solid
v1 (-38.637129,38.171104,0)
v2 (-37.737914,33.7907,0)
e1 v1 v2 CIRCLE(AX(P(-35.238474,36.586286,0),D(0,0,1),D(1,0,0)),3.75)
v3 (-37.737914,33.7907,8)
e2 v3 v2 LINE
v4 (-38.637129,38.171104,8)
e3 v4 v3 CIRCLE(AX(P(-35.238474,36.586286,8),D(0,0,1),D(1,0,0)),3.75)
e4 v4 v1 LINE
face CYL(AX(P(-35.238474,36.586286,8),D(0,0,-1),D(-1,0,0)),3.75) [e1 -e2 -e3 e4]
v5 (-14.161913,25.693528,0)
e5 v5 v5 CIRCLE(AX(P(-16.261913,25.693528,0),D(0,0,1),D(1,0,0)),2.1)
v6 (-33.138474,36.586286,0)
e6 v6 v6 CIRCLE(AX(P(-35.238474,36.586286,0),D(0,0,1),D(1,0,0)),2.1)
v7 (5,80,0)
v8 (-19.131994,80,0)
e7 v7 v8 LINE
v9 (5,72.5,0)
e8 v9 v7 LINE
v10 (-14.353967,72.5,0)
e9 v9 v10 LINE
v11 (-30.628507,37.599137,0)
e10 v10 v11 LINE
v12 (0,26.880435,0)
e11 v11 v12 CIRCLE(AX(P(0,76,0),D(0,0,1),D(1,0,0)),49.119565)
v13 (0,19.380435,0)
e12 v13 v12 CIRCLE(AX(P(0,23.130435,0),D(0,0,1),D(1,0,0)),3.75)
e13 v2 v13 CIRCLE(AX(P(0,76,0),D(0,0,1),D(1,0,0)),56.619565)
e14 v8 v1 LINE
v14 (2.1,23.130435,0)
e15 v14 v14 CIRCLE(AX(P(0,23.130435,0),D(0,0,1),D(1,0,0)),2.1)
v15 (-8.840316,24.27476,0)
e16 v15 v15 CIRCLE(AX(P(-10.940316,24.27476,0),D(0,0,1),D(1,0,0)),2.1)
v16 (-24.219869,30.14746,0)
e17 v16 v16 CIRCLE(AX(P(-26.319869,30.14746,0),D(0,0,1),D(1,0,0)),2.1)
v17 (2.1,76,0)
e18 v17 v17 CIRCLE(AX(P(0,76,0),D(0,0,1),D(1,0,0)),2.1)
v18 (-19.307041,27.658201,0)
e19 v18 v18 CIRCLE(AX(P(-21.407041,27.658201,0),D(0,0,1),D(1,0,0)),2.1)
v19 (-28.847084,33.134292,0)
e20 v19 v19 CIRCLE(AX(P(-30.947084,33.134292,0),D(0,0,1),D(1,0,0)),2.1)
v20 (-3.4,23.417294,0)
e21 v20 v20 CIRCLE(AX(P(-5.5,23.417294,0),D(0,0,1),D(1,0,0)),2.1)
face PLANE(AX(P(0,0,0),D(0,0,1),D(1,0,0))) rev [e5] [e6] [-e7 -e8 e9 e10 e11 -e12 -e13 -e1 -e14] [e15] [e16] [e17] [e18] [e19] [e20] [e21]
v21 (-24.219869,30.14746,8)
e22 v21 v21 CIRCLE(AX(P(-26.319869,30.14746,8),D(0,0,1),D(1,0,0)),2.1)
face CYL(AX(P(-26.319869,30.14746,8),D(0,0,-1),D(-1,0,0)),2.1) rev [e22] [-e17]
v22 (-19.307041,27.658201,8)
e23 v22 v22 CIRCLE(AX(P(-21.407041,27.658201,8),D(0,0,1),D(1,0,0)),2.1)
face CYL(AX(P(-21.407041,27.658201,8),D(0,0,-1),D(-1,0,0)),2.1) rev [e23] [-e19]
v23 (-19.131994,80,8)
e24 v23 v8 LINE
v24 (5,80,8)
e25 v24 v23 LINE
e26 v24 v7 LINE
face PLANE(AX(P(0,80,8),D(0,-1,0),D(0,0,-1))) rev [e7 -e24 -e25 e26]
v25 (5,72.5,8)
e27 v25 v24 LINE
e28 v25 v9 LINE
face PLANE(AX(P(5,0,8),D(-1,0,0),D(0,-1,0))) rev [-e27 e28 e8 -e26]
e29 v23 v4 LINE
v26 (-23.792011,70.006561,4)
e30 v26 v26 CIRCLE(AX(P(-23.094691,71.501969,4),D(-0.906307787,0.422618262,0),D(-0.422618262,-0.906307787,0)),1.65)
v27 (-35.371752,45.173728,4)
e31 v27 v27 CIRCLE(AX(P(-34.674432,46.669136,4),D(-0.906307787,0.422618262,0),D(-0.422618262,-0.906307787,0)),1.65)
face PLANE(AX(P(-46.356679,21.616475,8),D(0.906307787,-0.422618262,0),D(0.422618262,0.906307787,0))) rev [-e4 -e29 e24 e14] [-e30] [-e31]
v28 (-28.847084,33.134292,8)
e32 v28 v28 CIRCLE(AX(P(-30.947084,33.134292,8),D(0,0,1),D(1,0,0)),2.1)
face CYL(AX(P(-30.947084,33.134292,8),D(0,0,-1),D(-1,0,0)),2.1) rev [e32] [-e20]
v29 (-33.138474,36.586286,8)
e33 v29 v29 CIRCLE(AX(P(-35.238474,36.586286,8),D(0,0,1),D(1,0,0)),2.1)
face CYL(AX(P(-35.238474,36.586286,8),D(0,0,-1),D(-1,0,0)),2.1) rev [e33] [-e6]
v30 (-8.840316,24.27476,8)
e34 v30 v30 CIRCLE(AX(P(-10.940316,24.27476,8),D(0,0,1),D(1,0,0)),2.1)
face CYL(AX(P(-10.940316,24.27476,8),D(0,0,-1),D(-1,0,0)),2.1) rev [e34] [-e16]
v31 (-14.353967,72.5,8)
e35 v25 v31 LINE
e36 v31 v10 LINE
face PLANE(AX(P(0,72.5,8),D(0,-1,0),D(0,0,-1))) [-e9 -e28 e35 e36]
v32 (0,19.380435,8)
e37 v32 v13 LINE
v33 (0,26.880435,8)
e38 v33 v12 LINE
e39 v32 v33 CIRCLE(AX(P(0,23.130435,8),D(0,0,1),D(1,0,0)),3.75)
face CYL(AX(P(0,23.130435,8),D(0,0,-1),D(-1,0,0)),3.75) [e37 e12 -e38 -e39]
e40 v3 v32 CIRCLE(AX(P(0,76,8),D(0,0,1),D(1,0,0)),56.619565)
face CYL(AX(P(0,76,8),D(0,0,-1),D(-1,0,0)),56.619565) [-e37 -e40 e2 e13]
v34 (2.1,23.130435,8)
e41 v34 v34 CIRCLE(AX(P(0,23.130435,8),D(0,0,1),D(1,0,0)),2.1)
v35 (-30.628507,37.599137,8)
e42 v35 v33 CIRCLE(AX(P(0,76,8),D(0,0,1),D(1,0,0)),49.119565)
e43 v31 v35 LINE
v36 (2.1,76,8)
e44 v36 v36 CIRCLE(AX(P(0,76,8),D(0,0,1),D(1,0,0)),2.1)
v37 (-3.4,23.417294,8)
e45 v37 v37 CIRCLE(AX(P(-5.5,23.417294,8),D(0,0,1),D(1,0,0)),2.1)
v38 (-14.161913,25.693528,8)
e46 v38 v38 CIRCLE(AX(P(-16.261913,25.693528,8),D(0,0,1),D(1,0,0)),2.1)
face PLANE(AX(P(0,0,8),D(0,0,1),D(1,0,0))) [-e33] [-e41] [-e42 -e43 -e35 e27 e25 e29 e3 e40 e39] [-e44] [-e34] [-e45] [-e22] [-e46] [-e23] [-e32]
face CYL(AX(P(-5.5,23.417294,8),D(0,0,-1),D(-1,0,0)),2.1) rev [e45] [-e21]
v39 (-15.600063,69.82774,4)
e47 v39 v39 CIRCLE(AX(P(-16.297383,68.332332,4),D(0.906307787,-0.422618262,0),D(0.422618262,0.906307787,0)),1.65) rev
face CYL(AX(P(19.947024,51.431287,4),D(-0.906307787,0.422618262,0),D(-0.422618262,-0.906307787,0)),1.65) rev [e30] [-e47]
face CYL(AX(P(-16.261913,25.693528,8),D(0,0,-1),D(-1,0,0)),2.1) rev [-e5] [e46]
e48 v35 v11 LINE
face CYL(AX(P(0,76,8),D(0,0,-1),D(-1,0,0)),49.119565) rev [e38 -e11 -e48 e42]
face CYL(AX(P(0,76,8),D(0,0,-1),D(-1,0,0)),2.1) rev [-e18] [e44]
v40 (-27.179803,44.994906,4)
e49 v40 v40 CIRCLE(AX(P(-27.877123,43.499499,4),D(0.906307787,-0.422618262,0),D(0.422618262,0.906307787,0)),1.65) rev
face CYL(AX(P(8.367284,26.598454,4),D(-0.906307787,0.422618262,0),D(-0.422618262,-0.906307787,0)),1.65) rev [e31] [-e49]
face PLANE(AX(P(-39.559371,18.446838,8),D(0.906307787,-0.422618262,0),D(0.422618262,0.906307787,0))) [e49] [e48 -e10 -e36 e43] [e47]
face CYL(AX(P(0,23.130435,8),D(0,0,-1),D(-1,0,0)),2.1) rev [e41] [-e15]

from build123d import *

# Parameters (mm, degrees)
SKETCH1_R           = 2.1
BOSS_EXTRUDE1_DEPTH = 8
CUT_EXTRUDE1_REACH  = 49.49
SKETCH2_R           = 1.65


with BuildPart() as part:
    # Sketch1 → Boss-Extrude1 (new body)
    with BuildSketch(Plane.XY):
        Polygon((-14.353967242, 72.5), (5, 72.5), (5, 80), (-19.131994198, 80), (-12.334685795, 76.830363037), align=None)
        with Locations((0, 76)):
            Circle(SKETCH1_R, mode=Mode.SUBTRACT)
        Polygon((-19.131994198, 72.5), (-14.353967242, 72.5), (-12.334685795, 76.830363037), (-19.131994198, 80), align=None)
        with BuildLine():
            Line((-30.628506806, 37.599137276), (-14.353967242, 72.5))
            Line((-14.353967242, 72.5), (-19.131994198, 72.5))
            Line((-19.131994198, 72.5), (-19.131994198, 80))
            Line((-19.131994198, 80), (-38.637128487, 38.171104532))
            ThreePointArc((-38.637128487, 38.171104532), (-35.992554118, 40.259685439), (-32.739034841, 39.381872183))
            ThreePointArc((-32.739034841, 39.381872183), (-31.696306875, 38.475663662), (-30.628506806, 37.599137276))
        make_face()
        with BuildLine():
            Line((-31.819822815, 35.044351851), (-30.628506806, 37.599137276))
            ThreePointArc((-30.628506806, 37.599137276), (-31.696306875, 38.475663662), (-32.739034841, 39.381872183))
            ThreePointArc((-32.739034841, 39.381872183), (-35.992554118, 40.259685439), (-38.637128487, 38.171104532))
            ThreePointArc((-38.637128487, 38.171104532), (-38.911873793, 35.832206175), (-37.737913805, 33.790699757))
            ThreePointArc((-37.737913805, 33.790699757), (-37.315296786, 33.416625413), (-36.888971991, 33.046782299))
            Line((-36.888971991, 33.046782299), (-33.490317789, 31.461963818))
            Line((-33.490317789, 31.461963818), (-32.97126033, 32.575086132))
            ThreePointArc((-32.97126033, 32.575086132), (-32.850330683, 34.021790637), (-31.819822815, 35.044351851))
        make_face()
        with Locations((-35.238474323, 36.58628597)):
            Circle(SKETCH1_R, mode=Mode.SUBTRACT)
        with BuildLine():
            ThreePointArc((0, 26.880434783), (-16.224950018, 29.637486219), (-30.628506806, 37.599137276))
            Line((-30.628506806, 37.599137276), (-31.819822815, 35.044351851))
            ThreePointArc((-31.819822815, 35.044351851), (-29.811908313, 34.901033754), (-28.847084331, 33.134292287))
            ThreePointArc((-28.847084331, 33.134292287), (-30.664922673, 31.053334623), (-32.97126033, 32.575086132))
            Line((-32.97126033, 32.575086132), (-33.490317789, 31.461963818))
            Line((-33.490317789, 31.461963818), (-36.888971991, 33.046782299))
            ThreePointArc((-36.888971991, 33.046782299), (-19.669553306, 22.906838122), (0, 19.380434783))
            ThreePointArc((0, 19.380434783), (3.75, 23.130434783), (0, 26.880434783))
        make_face()
        with Locations((-26.319869018, 30.147460036)):
            Circle(SKETCH1_R, mode=Mode.SUBTRACT)
        with Locations((-21.407041065, 27.658201118)):
            Circle(SKETCH1_R, mode=Mode.SUBTRACT)
        with Locations((-16.261912507, 25.693527972)):
            Circle(SKETCH1_R, mode=Mode.SUBTRACT)
        with Locations((-10.940316211, 24.274760441)):
            Circle(SKETCH1_R, mode=Mode.SUBTRACT)
        with Locations((-5.5, 23.417294418)):
            Circle(SKETCH1_R, mode=Mode.SUBTRACT)
        with Locations((0, 23.130434783)):
            Circle(SKETCH1_R, mode=Mode.SUBTRACT)
    extrude(amount=BOSS_EXTRUDE1_DEPTH)

    # Sketch2 → Cut-Extrude1 (cut, up to next)
    with BuildSketch(Plane(origin=(-46.356679233, 21.616474533, 0), x_dir=(0, 0, 1), z_dir=(-0.906307787, 0.422618262, 0)), mode=Mode.PRIVATE) as cut_extrude1_sk1:
        with Locations((4, 55.04255297)):
            Circle(SKETCH2_R)
    cut_extrude1_tool1 = extrude(cut_extrude1_sk1.sketch, amount=-CUT_EXTRUDE1_REACH, mode=Mode.PRIVATE) & part.part
    add(cut_extrude1_tool1.solids().sort_by_distance((-23.094691, 71.501969, 4))[0], mode=Mode.SUBTRACT)
    # Sketch2 → Cut-Extrude1 (cut, up to next)
    with BuildSketch(Plane(origin=(-46.356679233, 21.616474533, 0), x_dir=(0, 0, 1), z_dir=(-0.906307787, 0.422618262, 0)), mode=Mode.PRIVATE) as cut_extrude1_sk2:
        with Locations((4, 27.64255297)):
            Circle(SKETCH2_R)
    cut_extrude1_tool2 = extrude(cut_extrude1_sk2.sketch, amount=-CUT_EXTRUDE1_REACH, mode=Mode.PRIVATE) & part.part
    add(cut_extrude1_tool2.solids().sort_by_distance((-34.674432, 46.669136, 4))[0], mode=Mode.SUBTRACT)


solid = part.part
